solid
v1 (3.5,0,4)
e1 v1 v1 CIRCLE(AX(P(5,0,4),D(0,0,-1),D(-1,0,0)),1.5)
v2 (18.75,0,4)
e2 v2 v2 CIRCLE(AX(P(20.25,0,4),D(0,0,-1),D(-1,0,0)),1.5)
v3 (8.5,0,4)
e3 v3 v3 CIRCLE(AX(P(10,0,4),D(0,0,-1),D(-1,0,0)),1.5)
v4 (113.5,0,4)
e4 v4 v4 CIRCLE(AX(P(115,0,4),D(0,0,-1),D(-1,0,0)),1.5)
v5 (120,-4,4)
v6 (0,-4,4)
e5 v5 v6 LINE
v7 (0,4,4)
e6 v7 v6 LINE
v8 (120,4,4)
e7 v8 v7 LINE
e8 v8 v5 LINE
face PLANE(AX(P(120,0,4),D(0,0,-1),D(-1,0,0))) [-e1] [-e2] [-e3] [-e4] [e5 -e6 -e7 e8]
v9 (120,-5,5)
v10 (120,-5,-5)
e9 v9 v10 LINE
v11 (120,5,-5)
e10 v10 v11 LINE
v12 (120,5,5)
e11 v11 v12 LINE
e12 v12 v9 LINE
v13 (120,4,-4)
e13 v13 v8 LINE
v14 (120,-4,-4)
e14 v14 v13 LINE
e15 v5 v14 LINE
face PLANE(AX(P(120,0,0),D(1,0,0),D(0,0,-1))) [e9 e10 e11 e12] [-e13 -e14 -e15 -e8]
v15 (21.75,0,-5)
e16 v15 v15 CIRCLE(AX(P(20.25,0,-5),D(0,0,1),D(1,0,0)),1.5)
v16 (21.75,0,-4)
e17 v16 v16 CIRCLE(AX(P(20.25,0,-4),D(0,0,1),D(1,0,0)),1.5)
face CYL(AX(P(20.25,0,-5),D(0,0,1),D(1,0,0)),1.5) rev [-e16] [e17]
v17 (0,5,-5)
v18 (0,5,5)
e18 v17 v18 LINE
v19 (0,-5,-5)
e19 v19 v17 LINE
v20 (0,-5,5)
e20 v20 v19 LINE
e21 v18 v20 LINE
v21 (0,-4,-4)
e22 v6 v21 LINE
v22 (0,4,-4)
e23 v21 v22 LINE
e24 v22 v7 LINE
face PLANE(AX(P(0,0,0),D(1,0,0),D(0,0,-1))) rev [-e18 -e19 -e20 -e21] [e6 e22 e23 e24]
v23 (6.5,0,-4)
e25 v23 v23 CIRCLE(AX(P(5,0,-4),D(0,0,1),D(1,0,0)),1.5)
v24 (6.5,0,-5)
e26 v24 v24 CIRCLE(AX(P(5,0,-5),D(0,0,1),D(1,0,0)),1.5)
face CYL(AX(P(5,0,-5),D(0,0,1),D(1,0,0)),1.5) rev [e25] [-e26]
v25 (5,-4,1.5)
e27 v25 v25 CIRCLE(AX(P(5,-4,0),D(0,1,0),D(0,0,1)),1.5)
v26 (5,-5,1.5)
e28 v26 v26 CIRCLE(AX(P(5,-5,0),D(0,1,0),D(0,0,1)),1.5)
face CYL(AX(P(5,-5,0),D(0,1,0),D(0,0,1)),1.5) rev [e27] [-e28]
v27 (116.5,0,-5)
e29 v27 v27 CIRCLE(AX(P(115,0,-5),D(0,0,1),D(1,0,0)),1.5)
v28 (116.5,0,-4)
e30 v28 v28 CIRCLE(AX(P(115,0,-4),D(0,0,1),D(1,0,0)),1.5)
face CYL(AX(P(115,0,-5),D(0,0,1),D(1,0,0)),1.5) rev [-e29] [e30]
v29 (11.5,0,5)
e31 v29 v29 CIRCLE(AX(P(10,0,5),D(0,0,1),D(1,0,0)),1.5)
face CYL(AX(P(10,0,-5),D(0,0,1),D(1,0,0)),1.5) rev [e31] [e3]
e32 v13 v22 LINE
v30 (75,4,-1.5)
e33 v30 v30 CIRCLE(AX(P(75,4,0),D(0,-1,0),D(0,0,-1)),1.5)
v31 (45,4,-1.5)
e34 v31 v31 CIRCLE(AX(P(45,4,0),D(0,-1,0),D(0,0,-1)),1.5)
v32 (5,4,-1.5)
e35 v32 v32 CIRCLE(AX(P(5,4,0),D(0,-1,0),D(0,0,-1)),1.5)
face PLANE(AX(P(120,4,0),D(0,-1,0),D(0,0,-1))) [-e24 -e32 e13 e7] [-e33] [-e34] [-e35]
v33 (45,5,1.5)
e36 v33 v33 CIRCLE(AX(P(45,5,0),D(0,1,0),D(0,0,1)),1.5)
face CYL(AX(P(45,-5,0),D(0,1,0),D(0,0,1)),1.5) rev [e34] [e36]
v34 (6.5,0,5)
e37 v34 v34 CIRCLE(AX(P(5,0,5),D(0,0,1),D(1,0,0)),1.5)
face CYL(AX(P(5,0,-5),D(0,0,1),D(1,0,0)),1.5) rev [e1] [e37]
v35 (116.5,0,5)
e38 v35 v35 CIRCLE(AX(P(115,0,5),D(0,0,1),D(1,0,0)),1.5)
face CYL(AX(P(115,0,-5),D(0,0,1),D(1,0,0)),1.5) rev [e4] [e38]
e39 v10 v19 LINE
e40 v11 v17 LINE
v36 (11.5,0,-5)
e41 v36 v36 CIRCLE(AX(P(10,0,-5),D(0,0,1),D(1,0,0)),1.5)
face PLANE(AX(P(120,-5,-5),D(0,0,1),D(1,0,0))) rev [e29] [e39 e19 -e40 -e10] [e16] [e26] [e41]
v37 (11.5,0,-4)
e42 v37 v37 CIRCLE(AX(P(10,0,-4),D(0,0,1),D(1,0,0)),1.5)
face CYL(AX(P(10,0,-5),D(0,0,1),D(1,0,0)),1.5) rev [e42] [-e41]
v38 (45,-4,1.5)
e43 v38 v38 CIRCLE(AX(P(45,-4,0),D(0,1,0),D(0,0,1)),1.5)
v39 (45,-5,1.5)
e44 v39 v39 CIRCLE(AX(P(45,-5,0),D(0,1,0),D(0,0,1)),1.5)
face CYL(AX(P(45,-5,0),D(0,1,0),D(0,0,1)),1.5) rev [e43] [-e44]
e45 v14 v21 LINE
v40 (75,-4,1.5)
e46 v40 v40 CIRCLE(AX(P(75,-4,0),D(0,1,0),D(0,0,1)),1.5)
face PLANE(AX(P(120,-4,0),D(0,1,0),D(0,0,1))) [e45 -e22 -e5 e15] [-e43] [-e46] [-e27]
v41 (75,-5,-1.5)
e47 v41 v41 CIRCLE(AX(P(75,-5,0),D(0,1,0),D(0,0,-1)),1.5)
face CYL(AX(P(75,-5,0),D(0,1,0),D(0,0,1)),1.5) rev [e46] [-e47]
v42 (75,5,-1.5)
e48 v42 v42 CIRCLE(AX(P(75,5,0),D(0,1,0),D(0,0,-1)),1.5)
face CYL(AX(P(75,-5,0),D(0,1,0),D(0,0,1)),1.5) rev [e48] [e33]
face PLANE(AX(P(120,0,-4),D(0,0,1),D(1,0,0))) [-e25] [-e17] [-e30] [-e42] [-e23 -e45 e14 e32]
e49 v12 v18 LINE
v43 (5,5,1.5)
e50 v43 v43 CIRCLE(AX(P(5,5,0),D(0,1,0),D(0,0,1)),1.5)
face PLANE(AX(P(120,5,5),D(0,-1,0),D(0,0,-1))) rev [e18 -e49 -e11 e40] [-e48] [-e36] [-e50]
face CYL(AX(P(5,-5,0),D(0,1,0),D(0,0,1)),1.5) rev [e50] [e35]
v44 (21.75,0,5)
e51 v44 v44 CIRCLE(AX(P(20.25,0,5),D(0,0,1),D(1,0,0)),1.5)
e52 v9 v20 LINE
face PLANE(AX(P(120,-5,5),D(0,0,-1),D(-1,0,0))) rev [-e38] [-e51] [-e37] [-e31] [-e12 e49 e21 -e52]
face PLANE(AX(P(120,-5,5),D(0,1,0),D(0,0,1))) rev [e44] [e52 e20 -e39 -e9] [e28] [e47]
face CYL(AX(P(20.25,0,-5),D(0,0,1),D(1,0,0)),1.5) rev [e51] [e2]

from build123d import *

# Parameters (mm, degrees)
SKETCH_1_W          = 10
SKETCH_1_H          = 10
SKETCH_1_W_2        = 8
SKETCH_1_H_2        = 8
EXTRUDE_1_DEPTH     = 120
SKETCH_3_R          = 1.5
CUT_EXTRUDE_1_DEPTH = 121.519707932
SKETCH_4_R          = 1.5
CUT_EXTRUDE_2_DEPTH = 121.519707932


with BuildPart() as part:
    # ｽｹｯﾁ1 → 押し出し-薄板1 (new body)
    with BuildSketch(Plane(origin=(0, 0, 0), x_dir=(0, 0, -1), z_dir=(1, 0, 0))):
        Rectangle(SKETCH_1_W, SKETCH_1_H)
        Rectangle(SKETCH_1_W_2, SKETCH_1_H_2, mode=Mode.SUBTRACT)
    extrude(amount=EXTRUDE_1_DEPTH)

    # ｽｹｯﾁ3 → ｶｯﾄ - 押し出し1 (cut, through all)
    with BuildSketch(Plane.XY.offset(5)):
        with Locations((115, 0)):
            Circle(SKETCH_3_R)
        with Locations((10, 0)):
            Circle(SKETCH_3_R)
        with Locations((20.25, 0)):
            Circle(SKETCH_3_R)
        with Locations((5, 0)):
            Circle(SKETCH_3_R)
    extrude(amount=-CUT_EXTRUDE_1_DEPTH, mode=Mode.SUBTRACT)

    # ｽｹｯﾁ4 → ｶｯﾄ - 押し出し2 (cut, through all)
    with BuildSketch(Plane(origin=(0, 5, 0), x_dir=(1, 0, 0), z_dir=(0, 1, 0))):
        with Locations(Location((5, 0, 0), (0, 0, 270))):
            Circle(SKETCH_4_R)
        with Locations(Location((45, 0, 0), (0, 0, 270))):
            Circle(SKETCH_4_R)
        with Locations(Location((75, 0, 0), (0, 0, 270))):
            Circle(SKETCH_4_R)
    extrude(amount=-CUT_EXTRUDE_2_DEPTH, mode=Mode.SUBTRACT)


solid = part.part
